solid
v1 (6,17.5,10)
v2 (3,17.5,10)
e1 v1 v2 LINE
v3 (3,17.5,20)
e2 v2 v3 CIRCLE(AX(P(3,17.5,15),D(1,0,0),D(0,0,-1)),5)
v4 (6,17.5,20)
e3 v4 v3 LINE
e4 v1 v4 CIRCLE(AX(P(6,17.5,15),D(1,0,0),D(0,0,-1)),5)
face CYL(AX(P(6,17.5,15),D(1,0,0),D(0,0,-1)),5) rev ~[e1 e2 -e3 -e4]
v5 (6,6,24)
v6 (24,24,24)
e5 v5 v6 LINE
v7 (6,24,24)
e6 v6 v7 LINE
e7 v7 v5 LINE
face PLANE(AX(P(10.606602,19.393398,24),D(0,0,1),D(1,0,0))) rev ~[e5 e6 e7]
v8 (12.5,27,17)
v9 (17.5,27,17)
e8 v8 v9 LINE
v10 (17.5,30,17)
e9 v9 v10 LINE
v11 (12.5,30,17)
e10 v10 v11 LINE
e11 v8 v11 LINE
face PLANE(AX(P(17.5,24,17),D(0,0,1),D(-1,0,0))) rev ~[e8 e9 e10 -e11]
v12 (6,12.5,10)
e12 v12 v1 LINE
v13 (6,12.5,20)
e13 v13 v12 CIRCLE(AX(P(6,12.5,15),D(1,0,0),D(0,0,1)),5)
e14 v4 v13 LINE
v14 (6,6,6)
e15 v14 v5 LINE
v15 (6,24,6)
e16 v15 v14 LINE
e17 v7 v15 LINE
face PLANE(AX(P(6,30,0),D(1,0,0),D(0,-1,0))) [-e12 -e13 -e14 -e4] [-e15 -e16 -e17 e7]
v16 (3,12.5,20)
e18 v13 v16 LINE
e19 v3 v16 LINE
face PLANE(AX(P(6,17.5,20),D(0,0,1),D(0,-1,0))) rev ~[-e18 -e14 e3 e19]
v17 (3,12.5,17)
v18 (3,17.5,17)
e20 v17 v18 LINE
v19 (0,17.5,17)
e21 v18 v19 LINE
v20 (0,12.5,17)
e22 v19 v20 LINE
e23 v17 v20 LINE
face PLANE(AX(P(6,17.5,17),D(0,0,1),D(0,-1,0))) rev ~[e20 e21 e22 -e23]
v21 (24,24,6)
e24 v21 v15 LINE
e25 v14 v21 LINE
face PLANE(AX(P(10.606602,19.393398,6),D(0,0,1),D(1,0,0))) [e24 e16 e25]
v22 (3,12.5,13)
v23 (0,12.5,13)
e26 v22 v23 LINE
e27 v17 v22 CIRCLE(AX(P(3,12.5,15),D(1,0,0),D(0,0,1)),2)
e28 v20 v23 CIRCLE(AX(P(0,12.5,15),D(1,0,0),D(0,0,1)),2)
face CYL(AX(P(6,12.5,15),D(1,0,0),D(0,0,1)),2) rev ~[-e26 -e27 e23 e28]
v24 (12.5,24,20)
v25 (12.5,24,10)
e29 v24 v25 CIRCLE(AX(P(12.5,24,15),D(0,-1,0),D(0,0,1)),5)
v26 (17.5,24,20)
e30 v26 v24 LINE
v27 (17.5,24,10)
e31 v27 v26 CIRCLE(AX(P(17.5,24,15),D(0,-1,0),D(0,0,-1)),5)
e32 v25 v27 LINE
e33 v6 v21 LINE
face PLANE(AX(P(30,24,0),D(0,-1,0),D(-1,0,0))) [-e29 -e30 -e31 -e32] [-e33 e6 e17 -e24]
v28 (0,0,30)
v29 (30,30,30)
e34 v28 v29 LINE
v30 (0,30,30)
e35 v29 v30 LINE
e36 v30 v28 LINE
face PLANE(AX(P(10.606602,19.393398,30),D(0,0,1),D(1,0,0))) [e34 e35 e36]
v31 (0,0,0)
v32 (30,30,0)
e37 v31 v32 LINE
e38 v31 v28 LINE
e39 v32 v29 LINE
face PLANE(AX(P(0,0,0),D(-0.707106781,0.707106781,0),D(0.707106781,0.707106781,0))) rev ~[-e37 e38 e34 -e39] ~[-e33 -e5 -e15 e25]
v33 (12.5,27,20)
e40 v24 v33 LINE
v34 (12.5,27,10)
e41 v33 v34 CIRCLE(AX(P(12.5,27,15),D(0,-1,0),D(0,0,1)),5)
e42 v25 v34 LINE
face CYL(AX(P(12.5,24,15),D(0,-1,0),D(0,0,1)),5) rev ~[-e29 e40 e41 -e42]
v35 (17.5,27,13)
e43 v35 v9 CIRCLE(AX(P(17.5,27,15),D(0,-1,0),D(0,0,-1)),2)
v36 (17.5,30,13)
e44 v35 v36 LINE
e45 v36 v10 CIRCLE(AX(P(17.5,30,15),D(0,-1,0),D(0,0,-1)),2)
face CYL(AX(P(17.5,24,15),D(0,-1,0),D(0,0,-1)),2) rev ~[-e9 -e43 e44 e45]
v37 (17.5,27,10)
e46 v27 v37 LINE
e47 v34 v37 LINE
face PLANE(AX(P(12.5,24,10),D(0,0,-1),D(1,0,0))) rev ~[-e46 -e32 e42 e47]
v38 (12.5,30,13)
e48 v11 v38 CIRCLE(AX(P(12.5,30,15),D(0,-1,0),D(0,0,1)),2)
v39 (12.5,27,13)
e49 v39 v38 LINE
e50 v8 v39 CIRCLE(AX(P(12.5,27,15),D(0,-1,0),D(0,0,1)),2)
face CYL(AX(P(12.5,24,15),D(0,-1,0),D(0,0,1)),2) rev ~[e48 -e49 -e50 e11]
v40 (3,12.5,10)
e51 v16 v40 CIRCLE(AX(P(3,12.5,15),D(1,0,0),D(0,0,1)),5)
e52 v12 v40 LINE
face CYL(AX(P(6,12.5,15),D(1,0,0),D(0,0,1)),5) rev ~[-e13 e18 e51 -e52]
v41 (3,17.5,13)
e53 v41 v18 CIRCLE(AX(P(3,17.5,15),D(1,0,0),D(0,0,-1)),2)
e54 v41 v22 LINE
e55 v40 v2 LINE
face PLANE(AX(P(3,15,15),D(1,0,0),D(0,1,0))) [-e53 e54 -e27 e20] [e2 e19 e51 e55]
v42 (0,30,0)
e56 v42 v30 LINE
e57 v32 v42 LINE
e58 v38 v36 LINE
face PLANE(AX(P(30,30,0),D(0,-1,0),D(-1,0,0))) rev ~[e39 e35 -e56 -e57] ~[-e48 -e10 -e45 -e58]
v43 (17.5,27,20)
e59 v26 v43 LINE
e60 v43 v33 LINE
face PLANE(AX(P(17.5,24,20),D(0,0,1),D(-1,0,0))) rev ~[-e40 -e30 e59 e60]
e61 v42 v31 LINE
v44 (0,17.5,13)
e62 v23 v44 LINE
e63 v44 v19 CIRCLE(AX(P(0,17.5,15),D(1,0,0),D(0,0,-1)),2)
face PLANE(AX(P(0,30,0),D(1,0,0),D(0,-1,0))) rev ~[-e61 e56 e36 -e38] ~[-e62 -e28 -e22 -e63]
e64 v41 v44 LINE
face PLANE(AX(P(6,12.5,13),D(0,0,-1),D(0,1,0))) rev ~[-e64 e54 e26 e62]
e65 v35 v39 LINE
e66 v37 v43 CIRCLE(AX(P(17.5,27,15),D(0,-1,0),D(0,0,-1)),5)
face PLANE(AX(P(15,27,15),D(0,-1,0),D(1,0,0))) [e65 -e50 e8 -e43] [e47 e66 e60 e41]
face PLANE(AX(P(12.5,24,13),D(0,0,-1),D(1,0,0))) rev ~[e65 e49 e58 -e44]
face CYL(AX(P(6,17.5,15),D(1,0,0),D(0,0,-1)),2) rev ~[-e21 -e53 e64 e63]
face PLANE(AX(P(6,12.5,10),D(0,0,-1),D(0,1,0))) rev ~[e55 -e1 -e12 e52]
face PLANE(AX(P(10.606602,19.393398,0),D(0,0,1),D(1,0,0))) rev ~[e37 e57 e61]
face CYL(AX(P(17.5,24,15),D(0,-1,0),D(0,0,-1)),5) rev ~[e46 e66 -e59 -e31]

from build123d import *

# Parameters (mm, degrees)
F1_DEPTH  = 30
F2_T      = -6
F4_DEPTH  = 6.001
F6_DEPTH  = 3
F8_DEPTH  = 6.001
F10_DEPTH = 3


with BuildPart() as f1:
    # F0 (on Top) → F1 (new body)
    with BuildSketch(Plane.XY):
        Polygon((0, 30), (0, 0), (30, 30), align=None)
    extrude(amount=F1_DEPTH)

    # F2
    f2_openings = [f1.faces().sort_by_distance(p)[0] for p in [
        (15, 15, 15),
    ]]
    offset(amount=F2_T, openings=f2_openings)

    # F3 (on face) → F4 (cut, through all)
    with BuildSketch(Plane.XZ.offset(-24)):
        with BuildLine():
            ThreePointArc((17.5, 13), (19.5, 15), (17.5, 17))
            Line((17.5, 17), (12.5, 17))
            ThreePointArc((12.5, 17), (10.5, 15), (12.5, 13))
            Line((12.5, 13), (17.5, 13))
        make_face()
    extrude(amount=-F4_DEPTH, mode=Mode.SUBTRACT)

    # F5 (on face) → F6 (cut)
    with BuildSketch(Plane.XZ.offset(-24)):
        with BuildLine():
            ThreePointArc((17.5, 10), (22.5, 15), (17.5, 20))
            Line((17.5, 20), (12.5, 20))
            ThreePointArc((12.5, 20), (7.5, 15), (12.5, 10))
            Line((12.5, 10), (17.5, 10))
        make_face()
    extrude(amount=-F6_DEPTH, mode=Mode.SUBTRACT)

    # F7 (on face) → F8 (cut, through all)
    with BuildSketch(Plane.YZ.offset(6)):
        with BuildLine():
            ThreePointArc((17.5, 13), (19.5, 15), (17.5, 17))
            Line((17.5, 17), (12.5, 17))
            ThreePointArc((12.5, 17), (10.5, 15), (12.5, 13))
            Line((12.5, 13), (17.5, 13))
        make_face()
    extrude(amount=-F8_DEPTH, mode=Mode.SUBTRACT)

    # F9 (on face) → F10 (cut)
    with BuildSketch(Plane.YZ.offset(6)):
        with BuildLine():
            ThreePointArc((12.5, 20), (7.5, 15), (12.5, 10))
            Line((12.5, 10), (17.5, 10))
            ThreePointArc((17.5, 10), (22.5, 15), (17.5, 20))
            Line((17.5, 20), (12.5, 20))
        make_face()
    extrude(amount=-F10_DEPTH, mode=Mode.SUBTRACT)


solid = f1.part
